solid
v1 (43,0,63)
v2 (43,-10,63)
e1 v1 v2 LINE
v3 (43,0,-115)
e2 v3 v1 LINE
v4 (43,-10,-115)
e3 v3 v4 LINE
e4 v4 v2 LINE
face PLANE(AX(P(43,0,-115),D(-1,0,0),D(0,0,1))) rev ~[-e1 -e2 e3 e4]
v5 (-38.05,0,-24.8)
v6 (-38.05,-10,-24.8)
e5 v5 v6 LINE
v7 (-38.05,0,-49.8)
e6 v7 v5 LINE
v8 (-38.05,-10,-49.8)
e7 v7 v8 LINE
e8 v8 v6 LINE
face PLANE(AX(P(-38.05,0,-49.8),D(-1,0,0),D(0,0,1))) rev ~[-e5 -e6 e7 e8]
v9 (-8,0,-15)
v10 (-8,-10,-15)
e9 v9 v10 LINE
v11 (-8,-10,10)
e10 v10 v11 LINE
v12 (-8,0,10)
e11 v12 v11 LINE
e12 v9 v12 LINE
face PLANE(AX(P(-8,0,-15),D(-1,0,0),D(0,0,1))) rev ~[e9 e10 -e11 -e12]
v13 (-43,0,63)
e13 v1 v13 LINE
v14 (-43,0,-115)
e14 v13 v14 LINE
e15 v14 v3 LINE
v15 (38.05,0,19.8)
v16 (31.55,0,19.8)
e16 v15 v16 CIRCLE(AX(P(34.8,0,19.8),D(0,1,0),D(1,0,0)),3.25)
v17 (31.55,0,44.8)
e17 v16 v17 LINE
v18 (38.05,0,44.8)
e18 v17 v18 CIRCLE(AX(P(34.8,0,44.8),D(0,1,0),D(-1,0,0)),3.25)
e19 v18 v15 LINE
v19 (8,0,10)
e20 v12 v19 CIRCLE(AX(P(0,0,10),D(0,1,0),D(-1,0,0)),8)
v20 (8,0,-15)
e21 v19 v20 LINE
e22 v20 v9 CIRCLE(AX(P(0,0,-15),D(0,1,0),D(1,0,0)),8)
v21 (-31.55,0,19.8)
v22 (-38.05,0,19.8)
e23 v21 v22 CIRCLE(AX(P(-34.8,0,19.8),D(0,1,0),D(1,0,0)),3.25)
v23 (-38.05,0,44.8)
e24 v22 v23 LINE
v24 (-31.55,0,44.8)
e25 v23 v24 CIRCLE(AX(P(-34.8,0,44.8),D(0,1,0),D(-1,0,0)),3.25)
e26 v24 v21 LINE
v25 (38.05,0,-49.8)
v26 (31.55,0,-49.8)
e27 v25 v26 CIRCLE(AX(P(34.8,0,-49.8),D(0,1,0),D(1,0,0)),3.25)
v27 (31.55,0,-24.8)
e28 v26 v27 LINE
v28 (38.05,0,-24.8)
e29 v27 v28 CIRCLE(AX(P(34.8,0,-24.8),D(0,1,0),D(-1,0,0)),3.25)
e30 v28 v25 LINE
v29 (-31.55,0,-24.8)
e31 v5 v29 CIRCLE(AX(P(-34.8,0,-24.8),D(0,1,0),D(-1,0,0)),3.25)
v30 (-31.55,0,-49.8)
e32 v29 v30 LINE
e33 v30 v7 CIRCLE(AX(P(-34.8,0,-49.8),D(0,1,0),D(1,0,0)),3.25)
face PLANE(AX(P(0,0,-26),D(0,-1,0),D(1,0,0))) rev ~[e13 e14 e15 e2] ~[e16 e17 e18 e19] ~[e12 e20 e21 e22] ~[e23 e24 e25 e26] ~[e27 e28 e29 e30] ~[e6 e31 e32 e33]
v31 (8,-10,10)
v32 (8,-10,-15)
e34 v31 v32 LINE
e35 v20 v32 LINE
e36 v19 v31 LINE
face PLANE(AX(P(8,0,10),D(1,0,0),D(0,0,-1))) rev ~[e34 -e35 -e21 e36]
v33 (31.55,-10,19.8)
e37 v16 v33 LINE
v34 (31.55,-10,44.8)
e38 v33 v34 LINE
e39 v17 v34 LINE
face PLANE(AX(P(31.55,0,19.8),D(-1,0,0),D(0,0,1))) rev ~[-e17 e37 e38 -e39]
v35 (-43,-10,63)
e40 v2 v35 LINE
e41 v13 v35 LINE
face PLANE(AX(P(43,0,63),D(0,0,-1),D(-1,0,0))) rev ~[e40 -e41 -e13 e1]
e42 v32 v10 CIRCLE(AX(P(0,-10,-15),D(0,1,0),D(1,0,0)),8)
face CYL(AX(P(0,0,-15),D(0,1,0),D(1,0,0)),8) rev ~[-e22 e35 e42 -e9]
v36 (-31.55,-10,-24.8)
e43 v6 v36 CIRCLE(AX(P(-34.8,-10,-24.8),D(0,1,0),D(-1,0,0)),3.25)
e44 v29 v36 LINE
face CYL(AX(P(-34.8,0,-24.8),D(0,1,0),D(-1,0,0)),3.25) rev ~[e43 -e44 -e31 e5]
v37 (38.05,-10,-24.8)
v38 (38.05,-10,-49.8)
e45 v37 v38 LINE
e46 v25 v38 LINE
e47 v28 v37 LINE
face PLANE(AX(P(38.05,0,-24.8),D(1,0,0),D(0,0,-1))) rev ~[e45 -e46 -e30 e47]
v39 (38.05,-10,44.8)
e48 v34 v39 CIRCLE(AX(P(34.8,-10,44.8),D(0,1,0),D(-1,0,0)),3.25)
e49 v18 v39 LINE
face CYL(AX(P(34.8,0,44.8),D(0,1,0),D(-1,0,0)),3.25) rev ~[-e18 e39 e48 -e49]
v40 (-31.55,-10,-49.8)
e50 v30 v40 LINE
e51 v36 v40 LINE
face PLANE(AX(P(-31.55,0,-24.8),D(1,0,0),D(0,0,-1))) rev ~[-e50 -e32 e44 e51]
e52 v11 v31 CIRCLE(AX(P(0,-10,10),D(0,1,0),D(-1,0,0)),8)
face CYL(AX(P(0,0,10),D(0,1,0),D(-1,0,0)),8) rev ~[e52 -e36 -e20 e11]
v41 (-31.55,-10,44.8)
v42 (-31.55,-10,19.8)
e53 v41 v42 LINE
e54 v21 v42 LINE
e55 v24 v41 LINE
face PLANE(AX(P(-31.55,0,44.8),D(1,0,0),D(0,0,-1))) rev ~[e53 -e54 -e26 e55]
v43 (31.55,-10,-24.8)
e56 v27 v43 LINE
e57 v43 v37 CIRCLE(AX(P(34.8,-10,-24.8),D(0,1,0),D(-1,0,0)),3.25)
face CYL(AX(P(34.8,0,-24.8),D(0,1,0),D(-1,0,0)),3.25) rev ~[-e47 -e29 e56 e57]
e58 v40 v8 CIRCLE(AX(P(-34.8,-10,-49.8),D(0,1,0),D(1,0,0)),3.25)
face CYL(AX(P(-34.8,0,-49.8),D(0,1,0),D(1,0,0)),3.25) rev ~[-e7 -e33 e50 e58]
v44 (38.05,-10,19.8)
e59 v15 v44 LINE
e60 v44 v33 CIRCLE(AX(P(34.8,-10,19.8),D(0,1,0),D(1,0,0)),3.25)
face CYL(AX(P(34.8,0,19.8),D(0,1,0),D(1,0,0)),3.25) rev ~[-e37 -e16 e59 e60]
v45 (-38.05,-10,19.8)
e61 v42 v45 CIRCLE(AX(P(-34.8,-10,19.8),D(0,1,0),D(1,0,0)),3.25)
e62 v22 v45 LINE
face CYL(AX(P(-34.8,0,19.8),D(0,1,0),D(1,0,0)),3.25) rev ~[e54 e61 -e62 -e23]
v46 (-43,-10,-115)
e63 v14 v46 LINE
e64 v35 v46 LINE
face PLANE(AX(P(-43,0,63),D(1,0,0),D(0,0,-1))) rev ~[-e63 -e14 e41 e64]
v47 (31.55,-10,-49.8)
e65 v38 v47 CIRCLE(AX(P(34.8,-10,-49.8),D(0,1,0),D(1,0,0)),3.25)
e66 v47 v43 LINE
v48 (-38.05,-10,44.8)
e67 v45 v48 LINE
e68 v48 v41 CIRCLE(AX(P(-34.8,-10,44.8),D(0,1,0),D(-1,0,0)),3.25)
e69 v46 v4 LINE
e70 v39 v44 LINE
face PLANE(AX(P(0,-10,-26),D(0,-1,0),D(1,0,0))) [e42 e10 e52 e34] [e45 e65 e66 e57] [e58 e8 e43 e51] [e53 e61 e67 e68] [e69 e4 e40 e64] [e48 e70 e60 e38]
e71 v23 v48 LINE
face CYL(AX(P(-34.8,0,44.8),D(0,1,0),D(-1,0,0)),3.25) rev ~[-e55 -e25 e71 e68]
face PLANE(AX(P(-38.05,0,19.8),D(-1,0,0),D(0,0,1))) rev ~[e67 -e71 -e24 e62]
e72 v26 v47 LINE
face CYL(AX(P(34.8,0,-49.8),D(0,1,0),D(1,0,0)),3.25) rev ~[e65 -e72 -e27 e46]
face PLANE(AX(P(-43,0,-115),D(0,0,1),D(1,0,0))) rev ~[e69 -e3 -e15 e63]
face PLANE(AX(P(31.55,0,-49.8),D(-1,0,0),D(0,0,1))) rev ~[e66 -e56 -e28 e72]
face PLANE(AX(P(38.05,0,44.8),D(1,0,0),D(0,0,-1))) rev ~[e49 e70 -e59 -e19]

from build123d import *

# Parameters (mm, degrees)
F1_DEPTH = 10


with BuildPart() as f1:
    # F0 (on Front) → F1 (new body)
    with BuildSketch(Plane.XZ):
        Polygon((-43, 63), (-43, 0), (-43, -115), (43, -115), (43, 0), (43, 63), align=None)
        with BuildLine():
            Line((-38.05, -34.8), (-38.05, -24.8))
            ThreePointArc((-38.05, -24.8), (-34.8, -21.55), (-31.55, -24.8))
            Line((-31.55, -24.8), (-31.55, -34.8))
            Line((-31.55, -34.8), (-31.55, -49.8))
            ThreePointArc((-31.55, -49.8), (-34.8, -53.05), (-38.05, -49.8))
            Line((-38.05, -49.8), (-38.05, -34.8))
        make_face(mode=Mode.SUBTRACT)
        with BuildLine():
            Line((31.55, -34.8), (31.55, -24.8))
            ThreePointArc((31.55, -24.8), (34.8, -21.55), (38.05, -24.8))
            Line((38.05, -24.8), (38.05, -34.8))
            Line((38.05, -34.8), (38.05, -49.8))
            ThreePointArc((38.05, -49.8), (34.8, -53.05), (31.55, -49.8))
            Line((31.55, -49.8), (31.55, -34.8))
        make_face(mode=Mode.SUBTRACT)
        with BuildLine():
            Line((-31.55, 44.8), (-31.55, 34.8))
            Line((-31.55, 34.8), (-31.55, 19.8))
            ThreePointArc((-31.55, 19.8), (-34.8, 16.55), (-38.05, 19.8))
            Line((-38.05, 19.8), (-38.05, 34.8))
            Line((-38.05, 34.8), (-38.05, 44.8))
            ThreePointArc((-38.05, 44.8), (-34.8, 48.05), (-31.55, 44.8))
        make_face(mode=Mode.SUBTRACT)
        with BuildLine():
            Line((8, 10), (8, 0))
            Line((8, 0), (8, -15))
            ThreePointArc((8, -15), (0, -23), (-8, -15))
            Line((-8, -15), (-8, 0))
            Line((-8, 0), (-8, 10))
            ThreePointArc((-8, 10), (0, 18), (8, 10))
        make_face(mode=Mode.SUBTRACT)
        with BuildLine():
            Line((31.55, 34.8), (31.55, 44.8))
            ThreePointArc((31.55, 44.8), (34.8, 48.05), (38.05, 44.8))
            Line((38.05, 44.8), (38.05, 34.8))
            Line((38.05, 34.8), (38.05, 19.8))
            ThreePointArc((38.05, 19.8), (34.8, 16.55), (31.55, 19.8))
            Line((31.55, 19.8), (31.55, 34.8))
        make_face(mode=Mode.SUBTRACT)
    extrude(amount=F1_DEPTH)


solid = f1.part
